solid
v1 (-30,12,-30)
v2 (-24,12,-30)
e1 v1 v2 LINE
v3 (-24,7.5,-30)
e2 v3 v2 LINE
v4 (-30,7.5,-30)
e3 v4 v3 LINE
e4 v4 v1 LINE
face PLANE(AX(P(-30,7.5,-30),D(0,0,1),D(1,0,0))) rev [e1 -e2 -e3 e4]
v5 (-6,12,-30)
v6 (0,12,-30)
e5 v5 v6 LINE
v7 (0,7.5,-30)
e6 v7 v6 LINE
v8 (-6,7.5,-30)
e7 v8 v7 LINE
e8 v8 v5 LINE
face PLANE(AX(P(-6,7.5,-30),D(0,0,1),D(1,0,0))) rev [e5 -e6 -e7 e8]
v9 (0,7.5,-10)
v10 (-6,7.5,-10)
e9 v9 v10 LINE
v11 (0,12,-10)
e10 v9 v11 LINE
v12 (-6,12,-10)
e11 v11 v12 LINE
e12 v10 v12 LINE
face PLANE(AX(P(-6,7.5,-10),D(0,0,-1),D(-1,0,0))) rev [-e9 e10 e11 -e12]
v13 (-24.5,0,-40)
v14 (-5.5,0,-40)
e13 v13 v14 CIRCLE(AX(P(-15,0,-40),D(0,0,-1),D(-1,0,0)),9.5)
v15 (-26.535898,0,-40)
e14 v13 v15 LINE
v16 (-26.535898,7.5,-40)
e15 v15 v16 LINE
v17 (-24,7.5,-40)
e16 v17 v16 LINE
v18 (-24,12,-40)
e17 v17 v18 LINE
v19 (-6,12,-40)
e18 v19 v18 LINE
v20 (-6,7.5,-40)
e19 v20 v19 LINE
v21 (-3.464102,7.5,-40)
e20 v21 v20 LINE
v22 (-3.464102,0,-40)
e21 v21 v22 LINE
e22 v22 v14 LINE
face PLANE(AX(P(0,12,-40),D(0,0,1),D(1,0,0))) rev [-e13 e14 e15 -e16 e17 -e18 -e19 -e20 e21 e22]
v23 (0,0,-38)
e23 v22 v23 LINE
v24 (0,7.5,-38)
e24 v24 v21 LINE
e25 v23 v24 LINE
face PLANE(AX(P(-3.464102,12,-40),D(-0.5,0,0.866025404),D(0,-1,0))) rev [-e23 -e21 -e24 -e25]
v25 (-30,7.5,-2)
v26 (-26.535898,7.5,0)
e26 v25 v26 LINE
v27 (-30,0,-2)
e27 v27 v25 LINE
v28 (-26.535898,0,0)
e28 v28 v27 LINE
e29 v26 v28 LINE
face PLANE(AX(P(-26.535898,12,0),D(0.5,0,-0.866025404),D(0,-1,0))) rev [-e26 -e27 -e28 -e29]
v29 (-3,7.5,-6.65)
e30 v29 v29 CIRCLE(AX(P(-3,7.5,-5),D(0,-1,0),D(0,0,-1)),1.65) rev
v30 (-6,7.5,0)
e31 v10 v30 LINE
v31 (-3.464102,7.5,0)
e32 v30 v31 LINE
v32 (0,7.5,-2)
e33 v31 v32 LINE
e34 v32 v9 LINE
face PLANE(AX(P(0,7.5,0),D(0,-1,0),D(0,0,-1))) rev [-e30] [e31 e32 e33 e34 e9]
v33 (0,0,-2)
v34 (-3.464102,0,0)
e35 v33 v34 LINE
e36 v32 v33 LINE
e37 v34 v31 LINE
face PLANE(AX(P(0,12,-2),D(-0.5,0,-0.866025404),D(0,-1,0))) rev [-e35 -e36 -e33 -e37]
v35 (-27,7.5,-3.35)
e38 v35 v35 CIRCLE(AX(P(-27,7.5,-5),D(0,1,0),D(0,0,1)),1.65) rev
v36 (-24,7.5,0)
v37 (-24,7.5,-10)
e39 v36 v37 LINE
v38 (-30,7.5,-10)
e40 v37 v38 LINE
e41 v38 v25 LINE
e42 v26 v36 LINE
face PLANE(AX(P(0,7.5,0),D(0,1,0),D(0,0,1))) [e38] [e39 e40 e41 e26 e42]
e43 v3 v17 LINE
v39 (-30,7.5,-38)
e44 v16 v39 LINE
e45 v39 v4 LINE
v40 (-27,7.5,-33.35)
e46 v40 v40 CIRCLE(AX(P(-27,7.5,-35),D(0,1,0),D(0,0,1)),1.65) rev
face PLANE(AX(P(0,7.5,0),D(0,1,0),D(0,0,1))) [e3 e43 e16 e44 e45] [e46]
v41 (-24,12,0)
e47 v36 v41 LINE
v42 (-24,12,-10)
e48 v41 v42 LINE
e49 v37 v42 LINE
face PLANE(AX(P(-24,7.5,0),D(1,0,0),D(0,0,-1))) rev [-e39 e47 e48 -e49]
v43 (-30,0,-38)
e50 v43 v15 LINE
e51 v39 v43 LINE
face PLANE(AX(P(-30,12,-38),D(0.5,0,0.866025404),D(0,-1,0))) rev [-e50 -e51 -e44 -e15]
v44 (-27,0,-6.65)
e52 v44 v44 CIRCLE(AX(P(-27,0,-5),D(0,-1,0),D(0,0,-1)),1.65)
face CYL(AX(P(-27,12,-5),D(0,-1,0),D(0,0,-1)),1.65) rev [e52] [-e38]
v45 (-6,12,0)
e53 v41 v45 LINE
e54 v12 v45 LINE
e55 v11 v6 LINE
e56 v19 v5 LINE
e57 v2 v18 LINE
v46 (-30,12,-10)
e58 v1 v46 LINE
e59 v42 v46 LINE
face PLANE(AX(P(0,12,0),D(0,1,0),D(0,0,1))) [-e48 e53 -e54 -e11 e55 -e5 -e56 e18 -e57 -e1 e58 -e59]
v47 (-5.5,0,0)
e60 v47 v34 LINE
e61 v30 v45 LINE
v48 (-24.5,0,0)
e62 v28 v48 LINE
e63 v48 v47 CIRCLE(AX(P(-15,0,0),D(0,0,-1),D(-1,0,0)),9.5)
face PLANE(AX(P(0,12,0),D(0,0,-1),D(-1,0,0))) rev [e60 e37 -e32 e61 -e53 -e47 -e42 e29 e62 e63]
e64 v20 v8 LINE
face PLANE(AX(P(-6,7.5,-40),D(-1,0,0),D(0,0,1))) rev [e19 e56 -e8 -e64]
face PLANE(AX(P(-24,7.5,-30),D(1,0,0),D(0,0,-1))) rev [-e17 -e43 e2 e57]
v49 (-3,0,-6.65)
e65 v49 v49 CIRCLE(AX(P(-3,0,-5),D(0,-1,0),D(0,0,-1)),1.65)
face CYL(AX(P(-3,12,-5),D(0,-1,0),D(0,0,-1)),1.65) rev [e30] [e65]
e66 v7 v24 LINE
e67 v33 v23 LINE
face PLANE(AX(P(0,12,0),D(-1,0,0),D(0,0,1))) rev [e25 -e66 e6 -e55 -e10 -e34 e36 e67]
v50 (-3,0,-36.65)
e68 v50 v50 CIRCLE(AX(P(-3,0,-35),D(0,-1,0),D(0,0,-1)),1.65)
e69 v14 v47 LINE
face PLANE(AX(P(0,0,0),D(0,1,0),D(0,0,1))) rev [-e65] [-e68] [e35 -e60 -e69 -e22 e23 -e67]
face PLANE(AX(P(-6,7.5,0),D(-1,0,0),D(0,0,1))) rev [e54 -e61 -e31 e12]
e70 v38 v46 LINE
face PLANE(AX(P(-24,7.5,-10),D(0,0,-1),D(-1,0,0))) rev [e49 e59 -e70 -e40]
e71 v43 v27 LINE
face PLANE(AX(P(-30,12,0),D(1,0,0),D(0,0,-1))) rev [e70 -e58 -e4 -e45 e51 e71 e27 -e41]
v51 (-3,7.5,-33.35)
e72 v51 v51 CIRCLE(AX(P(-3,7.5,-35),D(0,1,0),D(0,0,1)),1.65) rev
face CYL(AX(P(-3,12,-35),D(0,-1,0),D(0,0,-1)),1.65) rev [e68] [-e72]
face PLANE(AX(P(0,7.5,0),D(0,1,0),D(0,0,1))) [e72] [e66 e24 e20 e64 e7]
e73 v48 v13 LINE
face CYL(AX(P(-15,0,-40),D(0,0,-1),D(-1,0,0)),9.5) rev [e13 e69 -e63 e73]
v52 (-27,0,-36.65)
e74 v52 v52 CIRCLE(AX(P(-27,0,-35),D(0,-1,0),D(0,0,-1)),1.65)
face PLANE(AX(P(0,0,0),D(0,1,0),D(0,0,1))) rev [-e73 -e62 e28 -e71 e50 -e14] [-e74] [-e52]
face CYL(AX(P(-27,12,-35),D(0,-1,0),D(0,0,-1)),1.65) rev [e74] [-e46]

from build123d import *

# Parameters (mm, degrees)
ESBO_O1_W                = 30
ESBO_O1_H                = 40
RESSALTO_EXTRUS_O1_DEPTH = 12
ESBO_O16_W               = 9.5
ESBO_O16_H               = 40
ESBO_O17_R               = 1.65
CORTE_EXTRUS_O12_DEPTH   = 13
CHANFRO1_SIZE            = 2
CHANFRO1_SIZE2           = 3.464101615
CHANFRO1_PART_2_SIZE     = 2
CHANFRO1_PART_2_SIZE2    = 3.464101615
CORTE_EXTRUS_O13_DEPTH   = 4.5


with BuildPart() as part:
    # Esboço1 → Ressalto-extrusão1 (new body)
    with BuildSketch(Plane(origin=(0, 0, 0), x_dir=(1, 0, 0), z_dir=(0, 1, 0))):
        with Locations((-15, 20)):
            Rectangle(ESBO_O1_W, ESBO_O1_H)
    extrude(amount=RESSALTO_EXTRUS_O1_DEPTH)

    # Esboço16 → Corte-Revolução1 (revolve, cut)
    with BuildSketch(Plane.XZ):
        with Locations((-19.75, -20)):
            Rectangle(ESBO_O16_W, ESBO_O16_H)
    revolve(axis=Axis((-15, 0, -40), (0, 0, 1)), mode=Mode.SUBTRACT)

    # Esboço17 → Corte-extrusão12 (cut, through all)
    with BuildSketch(Plane.XZ):
        with Locations((-27, -35)):
            Circle(ESBO_O17_R)
        with Locations((-27, -5)):
            Circle(ESBO_O17_R)
        with Locations((-3, -35)):
            Circle(ESBO_O17_R)
        with Locations((-3, -5)):
            Circle(ESBO_O17_R)
    extrude(amount=-CORTE_EXTRUS_O12_DEPTH, mode=Mode.SUBTRACT)

    # Chanfro1
    chanfro1_edges = [part.edges().sort_by_distance(p)[0] for p in [
        (0, 6, 0),
        (0, 6, -40),
    ]]
    chanfro1_side = [part.faces().sort_by_distance(p)[0] for p in [
        (0, 6, -20),
    ]]
    chamfer(chanfro1_edges, length=CHANFRO1_SIZE, length2=CHANFRO1_SIZE2, reference=chanfro1_side[0])

    # Chanfro1 part 2
    chanfro1_part_2_edges = [part.edges().sort_by_distance(p)[0] for p in [
        (-30, 6, 0),
        (-30, 6, -40),
    ]]
    chanfro1_part_2_side = [part.faces().sort_by_distance(p)[0] for p in [
        (-30, 6, -20),
    ]]
    chamfer(chanfro1_part_2_edges, length=CHANFRO1_PART_2_SIZE, length2=CHANFRO1_PART_2_SIZE2, reference=chanfro1_part_2_side[0])

    # Esboço18 → Corte-extrusão13 (cut)
    with BuildSketch(Plane(origin=(0, 12, 0), x_dir=(1, 0, 0), z_dir=(0, 1, 0))):
        Polygon((-6, 40), (-6, 30), (0, 30), (0, 38), (-3.464101615, 40), align=None)
        Polygon((-24, 40), (-26.535898385, 40), (-30, 38), (-30, 30), (-24, 30), align=None)
        Polygon((0, 10), (0, 2), (-3.464101615, 0), (-6, 0), (-6, 10), align=None)
        Polygon((-24, 0), (-24, 10), (-30, 10), (-30, 2), (-26.535898385, 0), align=None)
    extrude(amount=-CORTE_EXTRUS_O13_DEPTH, mode=Mode.SUBTRACT)


solid = part.part
